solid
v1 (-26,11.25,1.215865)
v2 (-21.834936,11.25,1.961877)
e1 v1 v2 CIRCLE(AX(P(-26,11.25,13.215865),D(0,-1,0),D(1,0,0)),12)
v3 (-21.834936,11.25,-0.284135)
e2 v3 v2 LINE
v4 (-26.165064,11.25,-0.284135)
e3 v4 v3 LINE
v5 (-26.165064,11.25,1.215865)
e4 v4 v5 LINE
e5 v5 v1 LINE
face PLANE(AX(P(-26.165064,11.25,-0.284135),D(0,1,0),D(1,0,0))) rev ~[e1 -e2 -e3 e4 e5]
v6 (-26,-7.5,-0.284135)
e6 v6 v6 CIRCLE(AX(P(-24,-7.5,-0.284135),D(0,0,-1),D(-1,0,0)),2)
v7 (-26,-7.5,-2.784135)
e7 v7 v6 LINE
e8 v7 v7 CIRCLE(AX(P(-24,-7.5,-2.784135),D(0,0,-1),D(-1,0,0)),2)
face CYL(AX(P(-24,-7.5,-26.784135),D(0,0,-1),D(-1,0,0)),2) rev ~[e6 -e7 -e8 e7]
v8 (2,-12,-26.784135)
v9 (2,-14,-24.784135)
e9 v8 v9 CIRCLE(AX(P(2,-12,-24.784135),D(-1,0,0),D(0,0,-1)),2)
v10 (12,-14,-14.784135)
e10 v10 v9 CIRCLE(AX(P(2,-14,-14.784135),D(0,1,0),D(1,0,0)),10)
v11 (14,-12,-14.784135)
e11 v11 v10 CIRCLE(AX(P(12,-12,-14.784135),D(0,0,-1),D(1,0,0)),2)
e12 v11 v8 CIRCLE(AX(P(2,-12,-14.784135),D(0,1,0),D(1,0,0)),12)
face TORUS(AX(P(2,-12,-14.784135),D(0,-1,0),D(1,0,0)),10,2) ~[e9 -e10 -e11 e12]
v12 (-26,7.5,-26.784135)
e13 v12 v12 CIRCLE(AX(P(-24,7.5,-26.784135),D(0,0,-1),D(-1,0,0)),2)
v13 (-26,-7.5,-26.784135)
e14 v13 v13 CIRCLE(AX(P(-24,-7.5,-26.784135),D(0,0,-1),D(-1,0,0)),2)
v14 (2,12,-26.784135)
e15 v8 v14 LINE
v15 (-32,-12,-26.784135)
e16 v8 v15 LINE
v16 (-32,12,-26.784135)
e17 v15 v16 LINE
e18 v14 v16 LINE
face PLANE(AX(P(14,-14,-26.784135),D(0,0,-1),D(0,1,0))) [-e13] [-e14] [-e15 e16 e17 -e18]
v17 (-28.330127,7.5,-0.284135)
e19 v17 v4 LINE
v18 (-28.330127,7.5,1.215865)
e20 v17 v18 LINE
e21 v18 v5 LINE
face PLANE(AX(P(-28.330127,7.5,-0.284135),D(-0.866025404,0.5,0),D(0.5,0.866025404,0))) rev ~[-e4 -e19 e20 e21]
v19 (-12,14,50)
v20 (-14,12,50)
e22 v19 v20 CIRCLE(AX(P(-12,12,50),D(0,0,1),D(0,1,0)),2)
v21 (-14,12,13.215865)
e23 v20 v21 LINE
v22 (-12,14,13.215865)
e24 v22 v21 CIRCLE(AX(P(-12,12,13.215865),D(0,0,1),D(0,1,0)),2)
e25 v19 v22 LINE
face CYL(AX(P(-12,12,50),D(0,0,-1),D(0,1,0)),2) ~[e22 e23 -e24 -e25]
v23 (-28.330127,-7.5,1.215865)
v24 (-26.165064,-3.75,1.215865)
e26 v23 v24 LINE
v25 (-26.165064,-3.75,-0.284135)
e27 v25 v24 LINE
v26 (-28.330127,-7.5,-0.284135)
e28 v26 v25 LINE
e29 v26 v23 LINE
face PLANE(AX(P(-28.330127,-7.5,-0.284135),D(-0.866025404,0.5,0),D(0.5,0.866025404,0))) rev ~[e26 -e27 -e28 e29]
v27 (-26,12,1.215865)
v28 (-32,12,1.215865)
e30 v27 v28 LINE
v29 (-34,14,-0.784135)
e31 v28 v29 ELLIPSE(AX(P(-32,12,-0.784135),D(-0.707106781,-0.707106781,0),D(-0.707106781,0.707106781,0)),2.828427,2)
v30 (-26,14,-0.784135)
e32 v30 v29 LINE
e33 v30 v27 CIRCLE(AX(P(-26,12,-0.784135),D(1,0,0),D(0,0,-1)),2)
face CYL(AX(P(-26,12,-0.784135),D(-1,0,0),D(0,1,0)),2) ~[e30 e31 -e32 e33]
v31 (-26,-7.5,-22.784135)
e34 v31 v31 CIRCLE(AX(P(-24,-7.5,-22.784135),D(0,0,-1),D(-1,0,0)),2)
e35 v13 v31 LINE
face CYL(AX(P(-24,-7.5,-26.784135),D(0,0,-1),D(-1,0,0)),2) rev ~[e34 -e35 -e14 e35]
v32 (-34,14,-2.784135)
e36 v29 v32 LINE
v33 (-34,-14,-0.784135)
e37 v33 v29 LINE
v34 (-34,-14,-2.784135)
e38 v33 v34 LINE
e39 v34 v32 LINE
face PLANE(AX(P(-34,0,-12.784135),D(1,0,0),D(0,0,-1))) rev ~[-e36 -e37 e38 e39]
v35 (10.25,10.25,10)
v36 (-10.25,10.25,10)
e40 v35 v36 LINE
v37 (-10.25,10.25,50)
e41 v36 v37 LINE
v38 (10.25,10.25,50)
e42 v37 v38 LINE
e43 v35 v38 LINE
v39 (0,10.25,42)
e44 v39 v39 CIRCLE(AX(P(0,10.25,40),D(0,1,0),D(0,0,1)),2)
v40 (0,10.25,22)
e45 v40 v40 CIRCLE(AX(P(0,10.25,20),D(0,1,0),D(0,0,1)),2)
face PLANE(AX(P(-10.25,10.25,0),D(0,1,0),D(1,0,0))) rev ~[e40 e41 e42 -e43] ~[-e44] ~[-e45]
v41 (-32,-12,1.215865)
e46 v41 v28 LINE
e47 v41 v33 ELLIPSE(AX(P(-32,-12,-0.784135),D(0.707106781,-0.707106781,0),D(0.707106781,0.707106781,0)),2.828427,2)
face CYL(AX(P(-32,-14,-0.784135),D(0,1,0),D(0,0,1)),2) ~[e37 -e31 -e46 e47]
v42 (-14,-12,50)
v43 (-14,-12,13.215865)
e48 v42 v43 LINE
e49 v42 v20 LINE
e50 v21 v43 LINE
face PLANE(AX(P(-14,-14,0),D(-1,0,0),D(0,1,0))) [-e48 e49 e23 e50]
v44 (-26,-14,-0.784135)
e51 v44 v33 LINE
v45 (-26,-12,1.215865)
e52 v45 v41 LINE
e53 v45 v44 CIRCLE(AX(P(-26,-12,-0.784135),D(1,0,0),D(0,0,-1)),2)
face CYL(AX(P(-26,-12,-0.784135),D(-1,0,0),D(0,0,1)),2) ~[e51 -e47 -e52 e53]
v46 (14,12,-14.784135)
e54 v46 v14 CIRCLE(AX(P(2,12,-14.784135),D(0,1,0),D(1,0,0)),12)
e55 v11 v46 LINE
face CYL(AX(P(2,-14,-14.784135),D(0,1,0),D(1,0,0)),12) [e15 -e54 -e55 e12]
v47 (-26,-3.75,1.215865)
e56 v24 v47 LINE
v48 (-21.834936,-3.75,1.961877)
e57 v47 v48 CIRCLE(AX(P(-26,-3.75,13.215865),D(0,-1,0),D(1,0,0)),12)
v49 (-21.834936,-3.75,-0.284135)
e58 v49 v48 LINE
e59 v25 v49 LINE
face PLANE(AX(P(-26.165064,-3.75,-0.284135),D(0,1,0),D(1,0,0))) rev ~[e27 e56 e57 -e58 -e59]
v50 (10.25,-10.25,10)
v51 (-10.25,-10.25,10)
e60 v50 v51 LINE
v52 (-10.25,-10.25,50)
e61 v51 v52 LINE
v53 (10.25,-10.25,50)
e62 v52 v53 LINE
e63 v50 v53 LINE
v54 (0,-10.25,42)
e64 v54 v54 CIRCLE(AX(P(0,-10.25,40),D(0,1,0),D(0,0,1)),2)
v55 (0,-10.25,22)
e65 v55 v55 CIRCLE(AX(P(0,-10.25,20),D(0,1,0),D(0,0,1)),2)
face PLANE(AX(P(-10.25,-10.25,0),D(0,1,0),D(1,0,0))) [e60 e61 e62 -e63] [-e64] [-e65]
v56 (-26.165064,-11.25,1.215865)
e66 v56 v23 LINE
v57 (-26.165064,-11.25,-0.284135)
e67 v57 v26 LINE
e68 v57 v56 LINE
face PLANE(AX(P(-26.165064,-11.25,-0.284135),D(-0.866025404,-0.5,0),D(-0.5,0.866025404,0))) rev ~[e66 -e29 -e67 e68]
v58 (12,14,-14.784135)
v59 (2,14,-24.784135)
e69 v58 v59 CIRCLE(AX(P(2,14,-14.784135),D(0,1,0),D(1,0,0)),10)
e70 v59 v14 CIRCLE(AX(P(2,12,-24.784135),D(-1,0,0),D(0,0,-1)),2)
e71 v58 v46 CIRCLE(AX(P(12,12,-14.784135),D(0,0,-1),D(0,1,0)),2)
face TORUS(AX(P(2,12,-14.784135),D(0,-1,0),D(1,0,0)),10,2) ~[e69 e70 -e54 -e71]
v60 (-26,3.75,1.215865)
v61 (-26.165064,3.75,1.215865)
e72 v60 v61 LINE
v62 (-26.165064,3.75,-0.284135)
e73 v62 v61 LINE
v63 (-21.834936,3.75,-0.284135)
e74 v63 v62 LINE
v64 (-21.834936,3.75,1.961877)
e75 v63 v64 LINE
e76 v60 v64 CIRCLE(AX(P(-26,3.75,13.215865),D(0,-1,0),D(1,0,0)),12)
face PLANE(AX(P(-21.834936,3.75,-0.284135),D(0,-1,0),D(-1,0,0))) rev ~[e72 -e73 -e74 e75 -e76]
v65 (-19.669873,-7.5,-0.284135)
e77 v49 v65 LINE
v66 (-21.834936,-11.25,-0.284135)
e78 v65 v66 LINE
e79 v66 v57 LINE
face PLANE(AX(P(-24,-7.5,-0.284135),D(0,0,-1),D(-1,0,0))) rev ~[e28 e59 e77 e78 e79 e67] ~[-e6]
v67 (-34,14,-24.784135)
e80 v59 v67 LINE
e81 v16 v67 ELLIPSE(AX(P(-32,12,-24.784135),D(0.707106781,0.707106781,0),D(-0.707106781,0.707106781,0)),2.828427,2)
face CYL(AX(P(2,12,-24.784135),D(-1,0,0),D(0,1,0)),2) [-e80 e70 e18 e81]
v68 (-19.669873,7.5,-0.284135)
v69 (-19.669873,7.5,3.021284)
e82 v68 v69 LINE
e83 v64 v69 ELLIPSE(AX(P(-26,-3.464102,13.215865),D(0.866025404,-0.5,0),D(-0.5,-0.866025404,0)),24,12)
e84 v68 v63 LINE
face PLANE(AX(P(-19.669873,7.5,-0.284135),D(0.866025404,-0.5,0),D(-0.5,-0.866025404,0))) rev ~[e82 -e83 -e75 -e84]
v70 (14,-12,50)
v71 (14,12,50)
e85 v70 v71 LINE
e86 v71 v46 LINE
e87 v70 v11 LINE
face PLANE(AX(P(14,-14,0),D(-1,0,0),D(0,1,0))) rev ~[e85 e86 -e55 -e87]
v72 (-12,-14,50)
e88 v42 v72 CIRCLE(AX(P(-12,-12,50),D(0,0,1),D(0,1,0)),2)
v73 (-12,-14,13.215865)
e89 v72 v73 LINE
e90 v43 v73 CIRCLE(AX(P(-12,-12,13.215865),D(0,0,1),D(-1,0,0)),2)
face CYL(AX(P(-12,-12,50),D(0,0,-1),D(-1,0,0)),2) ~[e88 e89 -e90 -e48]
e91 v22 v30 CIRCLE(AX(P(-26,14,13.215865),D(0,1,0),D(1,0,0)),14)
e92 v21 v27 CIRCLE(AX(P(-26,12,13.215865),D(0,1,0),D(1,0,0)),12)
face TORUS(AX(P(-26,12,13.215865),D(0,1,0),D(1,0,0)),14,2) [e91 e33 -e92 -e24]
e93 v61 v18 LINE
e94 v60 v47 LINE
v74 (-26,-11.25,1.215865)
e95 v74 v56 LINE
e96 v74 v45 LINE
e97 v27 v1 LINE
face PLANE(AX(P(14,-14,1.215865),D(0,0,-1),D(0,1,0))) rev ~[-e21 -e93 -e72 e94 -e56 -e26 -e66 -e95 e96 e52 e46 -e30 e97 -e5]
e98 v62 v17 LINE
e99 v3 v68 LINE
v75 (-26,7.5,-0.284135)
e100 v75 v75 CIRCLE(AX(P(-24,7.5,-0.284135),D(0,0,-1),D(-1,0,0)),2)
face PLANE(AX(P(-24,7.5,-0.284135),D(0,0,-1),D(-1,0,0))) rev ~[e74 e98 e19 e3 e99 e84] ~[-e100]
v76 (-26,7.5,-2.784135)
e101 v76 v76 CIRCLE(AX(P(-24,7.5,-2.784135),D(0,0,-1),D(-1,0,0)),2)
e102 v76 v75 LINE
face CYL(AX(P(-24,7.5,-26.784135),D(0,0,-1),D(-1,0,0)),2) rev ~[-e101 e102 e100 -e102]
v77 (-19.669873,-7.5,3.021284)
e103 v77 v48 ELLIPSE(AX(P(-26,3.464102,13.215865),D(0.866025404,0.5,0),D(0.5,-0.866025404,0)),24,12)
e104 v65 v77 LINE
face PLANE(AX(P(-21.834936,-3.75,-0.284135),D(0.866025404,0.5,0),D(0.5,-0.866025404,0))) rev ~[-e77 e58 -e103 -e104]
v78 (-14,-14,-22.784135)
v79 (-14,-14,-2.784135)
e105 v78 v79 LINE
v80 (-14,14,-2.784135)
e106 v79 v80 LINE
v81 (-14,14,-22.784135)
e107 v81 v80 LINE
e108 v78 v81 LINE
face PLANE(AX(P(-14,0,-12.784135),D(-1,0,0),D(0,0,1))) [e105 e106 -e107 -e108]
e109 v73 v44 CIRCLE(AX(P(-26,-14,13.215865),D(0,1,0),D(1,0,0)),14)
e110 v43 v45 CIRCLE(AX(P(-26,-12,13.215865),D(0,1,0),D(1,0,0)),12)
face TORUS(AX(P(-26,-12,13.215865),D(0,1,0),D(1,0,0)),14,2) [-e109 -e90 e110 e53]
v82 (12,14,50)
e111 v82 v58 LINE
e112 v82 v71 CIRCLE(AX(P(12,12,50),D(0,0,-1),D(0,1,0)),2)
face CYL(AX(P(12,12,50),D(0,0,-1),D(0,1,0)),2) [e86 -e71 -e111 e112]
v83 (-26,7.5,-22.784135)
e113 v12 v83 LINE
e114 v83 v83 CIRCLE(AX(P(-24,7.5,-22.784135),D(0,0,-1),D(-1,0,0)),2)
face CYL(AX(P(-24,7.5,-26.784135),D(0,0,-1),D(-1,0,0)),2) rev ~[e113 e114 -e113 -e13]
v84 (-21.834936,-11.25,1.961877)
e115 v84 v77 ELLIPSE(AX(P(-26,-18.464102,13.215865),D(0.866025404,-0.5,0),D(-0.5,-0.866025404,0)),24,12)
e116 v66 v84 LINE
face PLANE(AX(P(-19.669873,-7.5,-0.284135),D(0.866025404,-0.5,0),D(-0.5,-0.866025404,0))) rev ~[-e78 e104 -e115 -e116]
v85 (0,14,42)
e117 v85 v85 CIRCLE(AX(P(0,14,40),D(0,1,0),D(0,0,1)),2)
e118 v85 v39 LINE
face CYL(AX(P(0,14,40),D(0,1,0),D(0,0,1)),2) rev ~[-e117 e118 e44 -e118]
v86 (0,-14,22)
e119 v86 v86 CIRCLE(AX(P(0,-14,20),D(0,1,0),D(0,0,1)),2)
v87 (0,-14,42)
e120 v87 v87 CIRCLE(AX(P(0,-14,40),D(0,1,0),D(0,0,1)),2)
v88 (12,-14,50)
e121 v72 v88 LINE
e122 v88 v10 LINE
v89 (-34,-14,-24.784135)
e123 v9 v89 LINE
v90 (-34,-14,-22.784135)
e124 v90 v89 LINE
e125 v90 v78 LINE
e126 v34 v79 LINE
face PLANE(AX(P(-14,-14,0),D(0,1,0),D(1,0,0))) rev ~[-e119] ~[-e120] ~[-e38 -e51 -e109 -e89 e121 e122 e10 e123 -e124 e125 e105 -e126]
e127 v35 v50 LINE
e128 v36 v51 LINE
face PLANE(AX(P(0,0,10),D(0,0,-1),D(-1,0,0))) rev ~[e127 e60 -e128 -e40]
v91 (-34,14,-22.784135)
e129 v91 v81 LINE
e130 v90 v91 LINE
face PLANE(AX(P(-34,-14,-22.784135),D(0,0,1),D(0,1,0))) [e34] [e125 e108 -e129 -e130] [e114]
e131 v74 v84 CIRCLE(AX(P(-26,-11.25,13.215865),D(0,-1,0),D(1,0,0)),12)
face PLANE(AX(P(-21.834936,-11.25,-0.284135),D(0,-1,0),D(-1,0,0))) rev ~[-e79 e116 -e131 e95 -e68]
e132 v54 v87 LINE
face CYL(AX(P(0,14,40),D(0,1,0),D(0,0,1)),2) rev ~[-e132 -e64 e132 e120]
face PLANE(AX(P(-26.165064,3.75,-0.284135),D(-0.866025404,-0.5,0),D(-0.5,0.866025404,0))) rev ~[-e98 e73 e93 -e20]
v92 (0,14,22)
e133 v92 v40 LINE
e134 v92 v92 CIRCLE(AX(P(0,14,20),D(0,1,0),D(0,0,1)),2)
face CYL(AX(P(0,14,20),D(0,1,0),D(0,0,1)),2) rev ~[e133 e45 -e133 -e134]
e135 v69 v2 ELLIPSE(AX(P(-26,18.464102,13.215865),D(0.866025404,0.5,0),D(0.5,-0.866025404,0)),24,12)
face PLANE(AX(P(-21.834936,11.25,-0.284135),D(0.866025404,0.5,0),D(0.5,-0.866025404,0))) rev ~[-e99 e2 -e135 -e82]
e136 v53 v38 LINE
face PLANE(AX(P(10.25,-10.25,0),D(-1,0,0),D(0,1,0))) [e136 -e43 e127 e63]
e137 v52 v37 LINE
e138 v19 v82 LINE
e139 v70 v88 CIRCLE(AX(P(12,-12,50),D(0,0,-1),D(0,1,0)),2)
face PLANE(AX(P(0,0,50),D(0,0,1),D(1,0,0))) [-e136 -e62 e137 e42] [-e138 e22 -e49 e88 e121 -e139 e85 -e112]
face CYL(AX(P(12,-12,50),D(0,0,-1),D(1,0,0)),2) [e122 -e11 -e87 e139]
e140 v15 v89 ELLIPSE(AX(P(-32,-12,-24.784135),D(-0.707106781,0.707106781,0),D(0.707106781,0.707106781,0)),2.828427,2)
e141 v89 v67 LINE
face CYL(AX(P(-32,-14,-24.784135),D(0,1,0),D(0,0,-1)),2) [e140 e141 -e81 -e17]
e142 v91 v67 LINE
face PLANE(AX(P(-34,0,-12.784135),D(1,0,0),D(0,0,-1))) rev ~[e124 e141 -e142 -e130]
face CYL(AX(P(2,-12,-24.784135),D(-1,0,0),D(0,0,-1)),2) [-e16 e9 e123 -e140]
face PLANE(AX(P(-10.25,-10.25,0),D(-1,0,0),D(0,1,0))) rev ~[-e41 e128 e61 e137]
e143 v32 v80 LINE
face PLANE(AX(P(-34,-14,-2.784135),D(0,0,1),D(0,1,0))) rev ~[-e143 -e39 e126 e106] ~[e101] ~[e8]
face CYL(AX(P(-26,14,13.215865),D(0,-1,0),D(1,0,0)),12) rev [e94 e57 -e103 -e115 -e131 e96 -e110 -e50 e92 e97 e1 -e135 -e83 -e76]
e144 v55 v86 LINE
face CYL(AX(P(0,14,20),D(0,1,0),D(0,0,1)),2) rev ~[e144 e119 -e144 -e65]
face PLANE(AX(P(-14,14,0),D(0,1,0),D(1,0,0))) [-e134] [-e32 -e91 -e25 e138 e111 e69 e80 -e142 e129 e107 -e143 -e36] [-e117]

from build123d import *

# Parameters (mm, degrees)
SKETCH_1_W          = 28
SKETCH_1_H          = 28
SKETCH_1_W_2        = 20.5
SKETCH_1_H_2        = 20.5
EXTRUDE_1_DEPTH     = 50
SKETCH_2_W          = 28
SKETCH_2_H          = 28
EXTRUDE_2_DEPTH     = 10
SKETCH_7_W          = 28
SKETCH_7_H          = 28
EXTRUDE_4_DEPTH     = 48
SKETCH_8_W          = 20
SKETCH_8_H          = 28
CUT_EXTRUDE_4_DEPTH = 20
FILLET_4_R          = 12
FILLET_6_R          = 2
SKETCH_9_R          = 2
CUT_EXTRUDE_5_DEPTH = 86.134031464
CUT_EXTRUDE_START   = -26.5
CUT_EXTRUDE_6_DEPTH = 59.634031464
SKETCH_12_R         = 2
CUT_EXTRUDE_7_DEPTH = 67.633324996


with BuildPart() as part:
    # 草图1 → 凸台-拉伸1 (new body)
    with BuildSketch(Plane.XY):
        Rectangle(SKETCH_1_W, SKETCH_1_H)
        Rectangle(SKETCH_1_W_2, SKETCH_1_H_2, mode=Mode.SUBTRACT)
    extrude(amount=EXTRUDE_1_DEPTH)

    # 草图2 → 凸台-拉伸2 (add)
    with BuildSketch(Plane(origin=(0, 0, 0), x_dir=(-1, 0, 0), z_dir=(0, 0, -1))):
        Rectangle(SKETCH_2_W, SKETCH_2_H)
    extrude(amount=-EXTRUDE_2_DEPTH)

    # 草图7 → 凸台-拉伸4 (add)
    with BuildSketch(Plane(origin=(14, 0, 0), x_dir=(0, 0, -1), z_dir=(1, 0, 0))):
        with Locations((12.784134516, 0)):
            Rectangle(SKETCH_7_W, SKETCH_7_H)
    extrude(amount=-EXTRUDE_4_DEPTH)

    # 草图8 → 切除-拉伸4 (cut)
    with BuildSketch(Plane.ZY.offset(34)):
        with Locations((-12.784134516, 0)):
            Rectangle(SKETCH_8_W, SKETCH_8_H)
    extrude(amount=-CUT_EXTRUDE_4_DEPTH, mode=Mode.SUBTRACT)

    # 圆角4
    fillet_4_edges = [part.edges().sort_by_distance(p)[0] for p in [
        (-14, 0, 1.215865484),
        (14, 0, -26.784134516),
    ]]
    fillet(fillet_4_edges, radius=FILLET_4_R)

    # 圆角6
    fillet_6_edges = [part.edges().sort_by_distance(p)[0] for p in [
        (-34, 0, 1.215865484),
        (-30, -14, 1.215865484),
        (-30, 14, 1.215865484),
        (-34, 0, -26.784134516),
        (-16, 14, -26.784134516),
        (-16, -14, -26.784134516),
        (14, -14, 17.607932742),
        (-14, -14, 31.607932742),
        (-14, 14, 31.607932742),
        (14, 14, 17.607932742),
        (10.485281374, 14, -23.26941589),
        (10.485281374, -14, -23.26941589),
        (-17.514718626, -14, 4.73058411),
        (-17.514718626, 14, 4.73058411),
    ]]
    fillet(fillet_6_edges, radius=FILLET_6_R)

    # 草图9 → 切除-拉伸5 (cut, through all)
    with BuildSketch(Plane(origin=(0, 0, -26.784134516), x_dir=(-1, 0, 0), z_dir=(0, 0, -1))):
        with Locations((24, 7.5)):
            Circle(SKETCH_9_R)
        with Locations((24, -7.5)):
            Circle(SKETCH_9_R)
    extrude(amount=-CUT_EXTRUDE_5_DEPTH, mode=Mode.SUBTRACT)

    # 草图10 → 切除-拉伸6 (cut, through all)
    with BuildSketch(Plane(origin=(0, 0, -26.784134516), x_dir=(-1, 0, 0), z_dir=(0, 0, -1)).offset(CUT_EXTRUDE_START)):
        Polygon((19.669872981, 7.5), (21.834936491, 3.75), (26.165063509, 3.75), (28.330127019, 7.5), (26.165063509, 11.25), (21.834936491, 11.25), align=None)
        Polygon((19.669872981, -7.5), (21.834936491, -11.25), (26.165063509, -11.25), (28.330127019, -7.5), (26.165063509, -3.75), (21.834936491, -3.75), align=None)
    extrude(amount=-CUT_EXTRUDE_6_DEPTH, mode=Mode.SUBTRACT)

    # 草图12 → 切除-拉伸7 (cut, through all)
    with BuildSketch(Plane(origin=(0, 14, 0), x_dir=(1, 0, 0), z_dir=(0, 1, 0))):
        with Locations(Location((0, -40, 0), (0, 0, 270))):
            Circle(SKETCH_12_R)
        with Locations(Location((0, -20, 0), (0, 0, 270))):
            Circle(SKETCH_12_R)
    extrude(amount=-CUT_EXTRUDE_7_DEPTH, mode=Mode.SUBTRACT)


solid = part.part
